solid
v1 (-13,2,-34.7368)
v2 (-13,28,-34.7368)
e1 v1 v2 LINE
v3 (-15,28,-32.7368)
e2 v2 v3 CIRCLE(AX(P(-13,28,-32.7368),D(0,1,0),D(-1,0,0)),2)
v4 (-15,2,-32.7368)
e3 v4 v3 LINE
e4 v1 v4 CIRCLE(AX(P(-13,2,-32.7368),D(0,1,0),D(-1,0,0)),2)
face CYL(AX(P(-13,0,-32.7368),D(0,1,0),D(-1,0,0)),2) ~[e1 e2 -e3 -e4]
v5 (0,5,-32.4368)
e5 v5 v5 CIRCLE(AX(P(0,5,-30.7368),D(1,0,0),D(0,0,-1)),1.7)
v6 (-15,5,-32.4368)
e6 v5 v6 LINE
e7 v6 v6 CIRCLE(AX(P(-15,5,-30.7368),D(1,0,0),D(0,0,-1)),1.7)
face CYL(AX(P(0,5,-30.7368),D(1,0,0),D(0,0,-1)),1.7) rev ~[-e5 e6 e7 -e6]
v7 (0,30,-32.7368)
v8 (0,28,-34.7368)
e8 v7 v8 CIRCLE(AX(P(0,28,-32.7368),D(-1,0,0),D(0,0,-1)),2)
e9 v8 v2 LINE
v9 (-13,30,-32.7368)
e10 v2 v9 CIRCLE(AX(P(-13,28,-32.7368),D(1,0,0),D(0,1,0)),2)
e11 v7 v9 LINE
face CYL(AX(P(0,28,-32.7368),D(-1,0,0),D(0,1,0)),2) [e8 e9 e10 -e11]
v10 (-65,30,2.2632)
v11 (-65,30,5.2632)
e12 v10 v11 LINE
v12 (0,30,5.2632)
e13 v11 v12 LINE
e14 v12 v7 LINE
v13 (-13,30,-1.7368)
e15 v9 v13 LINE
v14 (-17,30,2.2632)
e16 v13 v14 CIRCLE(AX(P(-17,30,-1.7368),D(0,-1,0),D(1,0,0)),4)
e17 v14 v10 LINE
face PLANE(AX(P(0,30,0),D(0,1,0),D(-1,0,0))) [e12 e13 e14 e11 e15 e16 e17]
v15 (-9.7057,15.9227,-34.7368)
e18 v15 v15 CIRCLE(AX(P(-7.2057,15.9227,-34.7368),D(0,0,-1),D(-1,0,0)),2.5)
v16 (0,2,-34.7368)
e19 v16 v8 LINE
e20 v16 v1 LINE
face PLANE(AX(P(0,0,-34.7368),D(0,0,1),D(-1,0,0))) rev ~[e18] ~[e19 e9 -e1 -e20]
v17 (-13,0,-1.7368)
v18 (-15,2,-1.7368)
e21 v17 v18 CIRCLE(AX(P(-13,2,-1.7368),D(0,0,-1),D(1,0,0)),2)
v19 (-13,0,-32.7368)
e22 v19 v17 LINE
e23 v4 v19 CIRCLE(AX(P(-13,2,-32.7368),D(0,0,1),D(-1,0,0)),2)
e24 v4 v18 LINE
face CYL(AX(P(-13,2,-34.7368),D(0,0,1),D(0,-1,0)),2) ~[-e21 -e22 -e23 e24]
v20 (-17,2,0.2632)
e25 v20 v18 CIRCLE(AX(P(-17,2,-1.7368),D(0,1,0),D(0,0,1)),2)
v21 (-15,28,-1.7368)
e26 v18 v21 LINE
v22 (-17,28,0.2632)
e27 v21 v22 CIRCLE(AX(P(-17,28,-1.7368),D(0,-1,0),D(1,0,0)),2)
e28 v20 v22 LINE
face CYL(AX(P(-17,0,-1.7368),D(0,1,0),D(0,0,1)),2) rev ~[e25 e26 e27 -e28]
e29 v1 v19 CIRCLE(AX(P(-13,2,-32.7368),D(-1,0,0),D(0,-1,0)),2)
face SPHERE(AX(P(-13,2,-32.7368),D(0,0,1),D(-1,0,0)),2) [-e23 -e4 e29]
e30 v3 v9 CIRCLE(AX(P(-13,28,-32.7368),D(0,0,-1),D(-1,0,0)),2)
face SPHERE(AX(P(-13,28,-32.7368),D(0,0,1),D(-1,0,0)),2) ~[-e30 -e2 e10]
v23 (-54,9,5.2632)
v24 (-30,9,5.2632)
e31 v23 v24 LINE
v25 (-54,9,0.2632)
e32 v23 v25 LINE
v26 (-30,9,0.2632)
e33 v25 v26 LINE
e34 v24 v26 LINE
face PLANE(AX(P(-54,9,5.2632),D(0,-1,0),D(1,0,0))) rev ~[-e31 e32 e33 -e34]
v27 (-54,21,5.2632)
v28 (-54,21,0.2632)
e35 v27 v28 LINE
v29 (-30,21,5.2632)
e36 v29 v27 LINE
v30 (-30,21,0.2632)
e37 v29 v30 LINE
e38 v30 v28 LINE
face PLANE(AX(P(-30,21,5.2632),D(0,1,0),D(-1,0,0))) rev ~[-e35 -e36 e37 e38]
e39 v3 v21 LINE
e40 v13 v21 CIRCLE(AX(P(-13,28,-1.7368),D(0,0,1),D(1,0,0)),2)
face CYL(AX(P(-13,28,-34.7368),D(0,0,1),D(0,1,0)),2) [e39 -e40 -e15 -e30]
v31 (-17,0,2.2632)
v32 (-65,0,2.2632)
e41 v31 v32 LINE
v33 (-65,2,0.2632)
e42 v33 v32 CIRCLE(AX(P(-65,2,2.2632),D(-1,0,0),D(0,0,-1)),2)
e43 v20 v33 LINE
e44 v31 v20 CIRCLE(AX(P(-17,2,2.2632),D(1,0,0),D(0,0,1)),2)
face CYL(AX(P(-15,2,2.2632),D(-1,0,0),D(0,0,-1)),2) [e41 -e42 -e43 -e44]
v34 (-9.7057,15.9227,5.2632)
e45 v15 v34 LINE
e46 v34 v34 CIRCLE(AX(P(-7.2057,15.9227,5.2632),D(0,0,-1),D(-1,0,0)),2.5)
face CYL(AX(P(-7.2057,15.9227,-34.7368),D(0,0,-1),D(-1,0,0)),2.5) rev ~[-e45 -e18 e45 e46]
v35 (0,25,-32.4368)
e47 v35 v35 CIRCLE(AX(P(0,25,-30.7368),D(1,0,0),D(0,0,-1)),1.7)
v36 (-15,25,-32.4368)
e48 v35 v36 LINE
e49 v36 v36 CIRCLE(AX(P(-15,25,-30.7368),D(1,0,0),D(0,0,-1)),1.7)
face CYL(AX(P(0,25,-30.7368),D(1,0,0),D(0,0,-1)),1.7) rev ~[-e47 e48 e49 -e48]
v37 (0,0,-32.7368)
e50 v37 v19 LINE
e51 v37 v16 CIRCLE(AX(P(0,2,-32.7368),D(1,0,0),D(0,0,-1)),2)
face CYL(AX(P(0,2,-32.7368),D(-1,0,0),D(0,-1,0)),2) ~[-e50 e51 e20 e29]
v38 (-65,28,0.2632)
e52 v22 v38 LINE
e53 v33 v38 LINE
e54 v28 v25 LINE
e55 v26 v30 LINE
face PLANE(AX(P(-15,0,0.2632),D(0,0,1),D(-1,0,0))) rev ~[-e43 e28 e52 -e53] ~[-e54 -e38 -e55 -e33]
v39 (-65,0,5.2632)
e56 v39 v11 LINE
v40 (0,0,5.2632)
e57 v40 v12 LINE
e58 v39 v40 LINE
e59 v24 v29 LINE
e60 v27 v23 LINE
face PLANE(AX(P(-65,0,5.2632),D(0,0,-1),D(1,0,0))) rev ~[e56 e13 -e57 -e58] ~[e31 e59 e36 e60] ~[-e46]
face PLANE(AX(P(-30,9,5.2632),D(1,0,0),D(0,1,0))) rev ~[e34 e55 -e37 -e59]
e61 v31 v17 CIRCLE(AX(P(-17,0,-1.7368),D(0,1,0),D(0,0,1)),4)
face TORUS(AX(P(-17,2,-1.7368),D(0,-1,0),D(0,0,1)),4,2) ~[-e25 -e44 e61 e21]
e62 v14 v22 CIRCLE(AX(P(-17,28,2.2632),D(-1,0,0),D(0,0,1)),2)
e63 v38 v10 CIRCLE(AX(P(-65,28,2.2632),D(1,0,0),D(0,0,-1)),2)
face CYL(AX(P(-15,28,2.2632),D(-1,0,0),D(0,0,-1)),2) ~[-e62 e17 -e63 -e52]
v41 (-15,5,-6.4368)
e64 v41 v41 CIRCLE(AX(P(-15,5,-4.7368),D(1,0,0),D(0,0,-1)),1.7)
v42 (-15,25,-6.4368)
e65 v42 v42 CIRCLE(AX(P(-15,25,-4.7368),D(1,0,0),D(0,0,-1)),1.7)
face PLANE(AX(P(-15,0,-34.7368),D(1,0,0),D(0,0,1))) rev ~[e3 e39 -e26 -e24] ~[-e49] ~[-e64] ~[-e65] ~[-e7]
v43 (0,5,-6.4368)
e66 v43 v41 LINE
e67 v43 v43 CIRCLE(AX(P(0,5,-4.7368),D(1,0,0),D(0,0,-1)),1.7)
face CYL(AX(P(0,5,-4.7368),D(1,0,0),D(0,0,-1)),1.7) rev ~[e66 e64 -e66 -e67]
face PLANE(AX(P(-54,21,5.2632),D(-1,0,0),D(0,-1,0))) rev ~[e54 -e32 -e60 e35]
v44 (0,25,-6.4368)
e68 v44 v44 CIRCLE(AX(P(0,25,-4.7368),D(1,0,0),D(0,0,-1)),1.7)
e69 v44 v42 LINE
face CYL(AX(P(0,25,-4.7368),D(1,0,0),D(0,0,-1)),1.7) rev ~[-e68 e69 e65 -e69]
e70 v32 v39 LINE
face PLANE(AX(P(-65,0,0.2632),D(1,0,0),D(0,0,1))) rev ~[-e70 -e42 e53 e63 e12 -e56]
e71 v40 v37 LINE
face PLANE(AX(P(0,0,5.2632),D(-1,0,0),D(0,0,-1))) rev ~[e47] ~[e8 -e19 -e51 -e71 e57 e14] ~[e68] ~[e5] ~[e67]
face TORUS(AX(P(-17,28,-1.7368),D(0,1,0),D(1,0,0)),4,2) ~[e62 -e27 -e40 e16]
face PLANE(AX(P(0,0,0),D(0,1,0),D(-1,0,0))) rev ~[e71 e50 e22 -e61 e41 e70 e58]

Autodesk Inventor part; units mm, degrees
ref_plane "YZ Plane" through (0, 0, 0) normal (1, 0, 0) x (0, 1, 0)
ref_plane "XZ Plane" through (0, 0, 0) normal (0, 1, 0) x (-1, 0, 0)
ref_plane "XY Plane" through (0, 0, 0) normal (0, 0, 1) x (1, 0, 0)
sketch "Skizze1" plane through (0, 0, 0) normal (0, 1, 0) x (-1, 0, 0)
  line L0 (65, 5.2632) -> (0, 5.2632)
  line L1 (0, 5.2632) -> (0, -34.7368)
  line L2 (0, -34.7368) -> (15, -34.7368)
  line L3 (15, -34.7368) -> (15, 0.2632)
  line L4 (15, 0.2632) -> (65, 0.2632)
  line L5 (65, 0.2632) -> (65, 5.2632)
  point P0 (0, 0)
  dimension "d0" = 5
  dimension "d1" = 15
  dimension "d2" = 40
  dimension "d5" = 65
extrude "Extrusion1" add sketch "Skizze1" along normal blind 30
sketch "Skizze2" plane through (-65, 0, 5.2632) normal (0, 0, 1) x (1, 0, 0)
  line L0 (11, 9) -> (35, 9)
  line L1 (35, 9) -> (35, 21)
  line L2 (35, 21) -> (11, 21)
  line L3 (11, 21) -> (11, 9)
  line L4 (65, 0) -> (65, 30) projected
  line L5 (0, 30) -> (65, 30) projected
  dimension "d6" = 30
  dimension "d7" = 24
  dimension "d8" = 12
  dimension "d9" = 9
extrude "Extrusion2" cut sketch "Skizze2" against normal blind 5
sketch "Skizze3" plane through (0, 0, 5.2632) normal (1, 0, 0) x (0, 0, -1)
  circle A0 centre (10, 5) radius 1.7
  circle A1 centre (36, 5) radius 1.7
  circle A2 centre (10, 25) radius 1.7
  circle A3 centre (36, 25) radius 1.7
  line L0 (0, 0) -> (0, 30) projected
  line L1 (0, 30) -> (40, 30) projected
  line L2 (40, 0) -> (40, 30) projected
  point P0 (5.2632, 0)
  dimension "d12" = 3.4
  dimension "d13" = 3.4
  dimension "d14" = 3.4
  dimension "d15" = 3.4
  dimension "d16" = 10
  dimension "d17" = 20
  dimension "d18" = 5
  dimension "d19" = 10
  dimension "d20" = 4
  dimension "d21" = 20
  dimension "d22" = 4
  dimension "d23" = 5
extrude "Extrusion3" cut sketch "Skizze3" against normal blind 20
sketch "Skizze4" plane through (0, 0, 5.2632) normal (1, 0, 0) x (0, 0, -1)
  point P0 (5.2632, 0)
sketch "Skizze5" plane through (0, 0, -34.7368) normal (0, 0, -1) x (-1, 0, 0)
  arc A0 (0.0007, -11.0976) -> (-0.0008, 42.9427) centre (7.2057, 15.9227) ccw projected
  circle A1 centre (7.2057, 15.9227) radius 2.5
  point P0 (0, 0)
  dimension "d26" = 5
extrude "Extrusion4" cut sketch "Skizze5" against normal through all
fillet "Rundung1" radius 2 8 edges at (-15, 30, -17.2368) (-15, 0, -17.2368) (-15, 15, -34.7368) (-40, 30, 0.2632) (-15, 15, 0.2632) (-40, 0, 0.2632) (-7.5, 30, -34.7368) (-7.5, 0, -34.7368)
properties part number "L-Halterung Servo"
